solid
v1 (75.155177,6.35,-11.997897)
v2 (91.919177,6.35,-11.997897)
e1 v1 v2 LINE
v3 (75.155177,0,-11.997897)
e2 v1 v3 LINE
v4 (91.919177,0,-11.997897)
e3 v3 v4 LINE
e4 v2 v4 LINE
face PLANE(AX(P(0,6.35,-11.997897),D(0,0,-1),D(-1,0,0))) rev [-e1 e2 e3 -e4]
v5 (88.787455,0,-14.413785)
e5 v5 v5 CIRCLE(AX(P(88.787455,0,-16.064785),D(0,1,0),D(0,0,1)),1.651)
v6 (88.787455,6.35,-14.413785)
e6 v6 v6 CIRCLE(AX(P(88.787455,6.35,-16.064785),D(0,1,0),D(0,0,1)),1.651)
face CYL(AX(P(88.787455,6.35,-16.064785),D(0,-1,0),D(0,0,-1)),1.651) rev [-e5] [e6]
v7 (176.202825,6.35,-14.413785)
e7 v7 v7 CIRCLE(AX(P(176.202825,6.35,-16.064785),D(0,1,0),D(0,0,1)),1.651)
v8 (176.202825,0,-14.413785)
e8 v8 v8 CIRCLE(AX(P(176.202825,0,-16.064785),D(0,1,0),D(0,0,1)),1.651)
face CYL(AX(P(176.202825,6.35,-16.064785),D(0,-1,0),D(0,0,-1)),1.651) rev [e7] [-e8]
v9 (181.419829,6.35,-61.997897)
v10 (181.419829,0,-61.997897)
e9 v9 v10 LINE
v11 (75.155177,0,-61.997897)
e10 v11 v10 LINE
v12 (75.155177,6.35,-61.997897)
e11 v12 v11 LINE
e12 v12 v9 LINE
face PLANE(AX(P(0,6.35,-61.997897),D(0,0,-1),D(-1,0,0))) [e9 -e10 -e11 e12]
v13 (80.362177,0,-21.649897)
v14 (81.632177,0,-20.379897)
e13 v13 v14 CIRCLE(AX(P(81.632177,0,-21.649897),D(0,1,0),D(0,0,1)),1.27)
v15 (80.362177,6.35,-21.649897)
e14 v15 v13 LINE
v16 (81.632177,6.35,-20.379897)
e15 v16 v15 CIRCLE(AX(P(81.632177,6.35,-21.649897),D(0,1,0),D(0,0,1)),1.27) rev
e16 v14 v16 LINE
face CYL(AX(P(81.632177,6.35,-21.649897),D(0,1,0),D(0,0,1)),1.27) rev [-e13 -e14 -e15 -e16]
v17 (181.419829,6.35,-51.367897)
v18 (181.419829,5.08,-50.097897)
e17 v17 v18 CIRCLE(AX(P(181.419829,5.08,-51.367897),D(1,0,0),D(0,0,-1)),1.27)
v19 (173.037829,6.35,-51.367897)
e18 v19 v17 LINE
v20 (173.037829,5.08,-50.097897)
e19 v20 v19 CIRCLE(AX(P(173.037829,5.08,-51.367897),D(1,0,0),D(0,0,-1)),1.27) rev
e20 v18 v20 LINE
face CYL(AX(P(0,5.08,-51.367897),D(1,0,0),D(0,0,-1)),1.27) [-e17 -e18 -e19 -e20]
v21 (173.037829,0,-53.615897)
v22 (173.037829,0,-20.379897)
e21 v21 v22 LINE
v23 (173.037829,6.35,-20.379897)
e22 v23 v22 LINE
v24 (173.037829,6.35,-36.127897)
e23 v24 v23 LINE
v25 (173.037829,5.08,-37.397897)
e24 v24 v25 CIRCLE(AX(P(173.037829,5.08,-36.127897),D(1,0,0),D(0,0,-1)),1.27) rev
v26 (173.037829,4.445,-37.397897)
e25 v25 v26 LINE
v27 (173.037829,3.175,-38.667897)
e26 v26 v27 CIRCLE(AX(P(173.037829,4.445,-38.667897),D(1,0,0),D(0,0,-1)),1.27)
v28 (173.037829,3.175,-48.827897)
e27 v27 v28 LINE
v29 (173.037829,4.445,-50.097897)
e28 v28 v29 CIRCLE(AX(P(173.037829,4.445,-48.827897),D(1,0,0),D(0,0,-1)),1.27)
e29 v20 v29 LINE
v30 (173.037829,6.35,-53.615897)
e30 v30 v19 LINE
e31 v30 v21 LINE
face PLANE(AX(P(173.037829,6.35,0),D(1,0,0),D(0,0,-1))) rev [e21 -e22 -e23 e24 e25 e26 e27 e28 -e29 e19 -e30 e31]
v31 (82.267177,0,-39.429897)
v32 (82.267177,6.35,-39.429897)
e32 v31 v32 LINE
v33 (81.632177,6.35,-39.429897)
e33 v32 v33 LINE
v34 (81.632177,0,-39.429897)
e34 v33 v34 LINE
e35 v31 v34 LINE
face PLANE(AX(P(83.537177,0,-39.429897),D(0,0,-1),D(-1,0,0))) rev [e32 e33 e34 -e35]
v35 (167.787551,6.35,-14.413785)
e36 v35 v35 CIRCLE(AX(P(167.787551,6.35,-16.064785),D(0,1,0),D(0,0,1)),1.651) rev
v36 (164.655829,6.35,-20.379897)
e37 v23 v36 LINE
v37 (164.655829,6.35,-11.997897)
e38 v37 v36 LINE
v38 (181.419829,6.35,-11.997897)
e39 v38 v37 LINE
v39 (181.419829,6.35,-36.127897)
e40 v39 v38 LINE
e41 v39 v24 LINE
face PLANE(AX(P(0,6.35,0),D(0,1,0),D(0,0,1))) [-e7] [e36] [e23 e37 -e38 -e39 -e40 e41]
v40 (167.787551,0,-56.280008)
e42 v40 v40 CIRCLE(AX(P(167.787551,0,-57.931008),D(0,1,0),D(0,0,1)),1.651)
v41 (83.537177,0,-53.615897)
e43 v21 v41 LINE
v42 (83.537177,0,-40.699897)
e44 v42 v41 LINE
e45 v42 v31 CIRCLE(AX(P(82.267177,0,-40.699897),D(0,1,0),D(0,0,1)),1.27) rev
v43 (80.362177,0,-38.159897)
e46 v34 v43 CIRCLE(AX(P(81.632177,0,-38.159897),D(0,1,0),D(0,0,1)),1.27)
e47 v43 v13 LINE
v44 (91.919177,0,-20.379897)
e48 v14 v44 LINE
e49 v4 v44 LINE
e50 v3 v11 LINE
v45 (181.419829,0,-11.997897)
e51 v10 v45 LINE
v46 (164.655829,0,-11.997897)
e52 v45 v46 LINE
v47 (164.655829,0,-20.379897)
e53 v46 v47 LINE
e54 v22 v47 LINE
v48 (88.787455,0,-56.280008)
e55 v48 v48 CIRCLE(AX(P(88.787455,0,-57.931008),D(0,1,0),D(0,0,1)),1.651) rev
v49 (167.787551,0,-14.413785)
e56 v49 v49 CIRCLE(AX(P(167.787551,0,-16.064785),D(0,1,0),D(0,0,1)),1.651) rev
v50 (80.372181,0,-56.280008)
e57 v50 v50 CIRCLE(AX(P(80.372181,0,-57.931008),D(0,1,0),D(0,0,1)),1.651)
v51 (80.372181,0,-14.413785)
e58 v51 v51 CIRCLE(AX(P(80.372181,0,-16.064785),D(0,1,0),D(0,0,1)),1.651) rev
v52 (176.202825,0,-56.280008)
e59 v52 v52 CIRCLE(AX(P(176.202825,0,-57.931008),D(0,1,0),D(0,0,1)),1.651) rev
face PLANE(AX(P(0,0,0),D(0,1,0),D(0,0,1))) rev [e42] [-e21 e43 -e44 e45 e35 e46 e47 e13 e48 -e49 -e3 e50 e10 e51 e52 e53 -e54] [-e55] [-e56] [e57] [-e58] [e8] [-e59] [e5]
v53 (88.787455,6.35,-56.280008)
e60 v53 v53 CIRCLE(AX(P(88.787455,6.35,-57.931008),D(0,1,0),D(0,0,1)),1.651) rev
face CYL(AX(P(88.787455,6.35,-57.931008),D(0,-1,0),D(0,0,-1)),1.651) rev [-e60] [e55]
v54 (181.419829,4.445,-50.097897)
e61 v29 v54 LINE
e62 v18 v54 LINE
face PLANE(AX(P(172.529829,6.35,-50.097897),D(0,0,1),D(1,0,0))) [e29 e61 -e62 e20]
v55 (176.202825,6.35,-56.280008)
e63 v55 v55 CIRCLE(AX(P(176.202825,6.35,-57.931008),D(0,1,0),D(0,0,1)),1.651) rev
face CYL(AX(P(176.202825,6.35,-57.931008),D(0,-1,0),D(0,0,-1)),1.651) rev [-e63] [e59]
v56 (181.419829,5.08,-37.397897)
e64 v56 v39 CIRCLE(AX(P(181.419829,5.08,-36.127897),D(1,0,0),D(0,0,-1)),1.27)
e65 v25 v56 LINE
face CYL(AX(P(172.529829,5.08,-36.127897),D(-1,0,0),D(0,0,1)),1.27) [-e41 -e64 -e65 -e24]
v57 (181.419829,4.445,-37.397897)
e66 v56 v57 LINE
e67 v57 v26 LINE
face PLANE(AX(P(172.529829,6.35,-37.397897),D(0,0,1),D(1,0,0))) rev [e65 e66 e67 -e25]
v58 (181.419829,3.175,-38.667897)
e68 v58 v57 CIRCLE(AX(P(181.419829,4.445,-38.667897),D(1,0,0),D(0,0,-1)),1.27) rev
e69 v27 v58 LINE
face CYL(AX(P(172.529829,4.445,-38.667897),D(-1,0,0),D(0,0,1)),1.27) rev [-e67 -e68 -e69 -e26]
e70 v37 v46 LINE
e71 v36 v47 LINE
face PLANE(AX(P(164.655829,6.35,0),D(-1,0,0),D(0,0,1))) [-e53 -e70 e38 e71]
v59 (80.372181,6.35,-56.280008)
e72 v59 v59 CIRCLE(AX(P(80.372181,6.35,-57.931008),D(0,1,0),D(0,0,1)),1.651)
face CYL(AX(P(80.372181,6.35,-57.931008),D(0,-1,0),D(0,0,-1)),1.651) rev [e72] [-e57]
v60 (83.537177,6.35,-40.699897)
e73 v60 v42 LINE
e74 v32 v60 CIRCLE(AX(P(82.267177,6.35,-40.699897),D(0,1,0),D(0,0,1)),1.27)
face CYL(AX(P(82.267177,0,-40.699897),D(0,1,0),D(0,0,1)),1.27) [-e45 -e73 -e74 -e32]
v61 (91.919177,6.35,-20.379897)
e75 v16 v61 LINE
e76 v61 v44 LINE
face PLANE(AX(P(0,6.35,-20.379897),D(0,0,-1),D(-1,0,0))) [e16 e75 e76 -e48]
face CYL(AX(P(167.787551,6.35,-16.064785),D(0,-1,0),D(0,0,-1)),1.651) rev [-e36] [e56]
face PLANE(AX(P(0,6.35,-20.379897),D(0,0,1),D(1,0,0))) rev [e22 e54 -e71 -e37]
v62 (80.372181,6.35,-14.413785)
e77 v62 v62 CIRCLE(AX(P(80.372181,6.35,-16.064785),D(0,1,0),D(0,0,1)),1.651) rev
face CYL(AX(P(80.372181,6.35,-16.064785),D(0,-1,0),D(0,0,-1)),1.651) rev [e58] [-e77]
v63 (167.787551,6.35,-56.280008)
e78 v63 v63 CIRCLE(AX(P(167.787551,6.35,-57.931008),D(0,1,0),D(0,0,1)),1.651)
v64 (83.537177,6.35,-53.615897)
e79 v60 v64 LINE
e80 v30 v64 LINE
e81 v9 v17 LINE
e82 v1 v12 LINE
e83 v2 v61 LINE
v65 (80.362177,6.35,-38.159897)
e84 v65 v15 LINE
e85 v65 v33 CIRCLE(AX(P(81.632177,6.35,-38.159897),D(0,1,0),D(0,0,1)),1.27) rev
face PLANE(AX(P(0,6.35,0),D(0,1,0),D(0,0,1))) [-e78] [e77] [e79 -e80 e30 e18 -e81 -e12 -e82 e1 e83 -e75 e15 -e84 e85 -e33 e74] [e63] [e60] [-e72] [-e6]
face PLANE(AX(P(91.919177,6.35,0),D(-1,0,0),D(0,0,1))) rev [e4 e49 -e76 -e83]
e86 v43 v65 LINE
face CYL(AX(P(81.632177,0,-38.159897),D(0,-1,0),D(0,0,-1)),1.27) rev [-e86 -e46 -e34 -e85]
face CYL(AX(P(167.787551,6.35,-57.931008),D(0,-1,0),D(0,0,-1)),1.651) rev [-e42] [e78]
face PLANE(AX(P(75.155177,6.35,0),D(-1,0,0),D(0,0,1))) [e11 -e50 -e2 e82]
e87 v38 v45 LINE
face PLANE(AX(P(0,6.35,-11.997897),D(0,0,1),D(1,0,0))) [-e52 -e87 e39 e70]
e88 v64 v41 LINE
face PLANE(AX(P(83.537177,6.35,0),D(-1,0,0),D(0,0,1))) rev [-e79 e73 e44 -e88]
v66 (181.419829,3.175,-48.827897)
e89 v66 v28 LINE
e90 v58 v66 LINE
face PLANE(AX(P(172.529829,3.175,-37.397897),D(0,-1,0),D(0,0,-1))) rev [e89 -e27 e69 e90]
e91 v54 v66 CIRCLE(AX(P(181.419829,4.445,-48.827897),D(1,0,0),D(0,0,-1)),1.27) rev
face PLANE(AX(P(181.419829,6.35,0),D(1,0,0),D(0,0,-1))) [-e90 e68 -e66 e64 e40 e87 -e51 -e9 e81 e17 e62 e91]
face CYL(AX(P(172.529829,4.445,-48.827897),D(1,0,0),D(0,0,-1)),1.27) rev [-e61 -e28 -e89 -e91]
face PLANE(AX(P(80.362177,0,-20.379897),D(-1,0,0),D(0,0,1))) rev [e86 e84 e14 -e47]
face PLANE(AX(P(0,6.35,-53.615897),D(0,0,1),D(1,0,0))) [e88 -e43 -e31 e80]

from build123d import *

# Parameters (mm, degrees)
SKETCH1_R           = 1.651
BOSS_EXTRUDE1_DEPTH = 6.35
SKETCH2_W           = 12.7
SKETCH2_H           = 3.175
CUT_EXTRUDE7_DEPTH  = 8.89
FILLET2_R           = 1.27
SKETCH4_W           = 3.175
SKETCH4_H           = 19.05
CUT_EXTRUDE8_DEPTH  = 192.82600491
FILLET3_R           = 1.27


with BuildPart() as part:
    # Sketch1 → Boss-Extrude1 (new body)
    with BuildSketch(Plane(origin=(0, 0, 0), x_dir=(1, 0, 0), z_dir=(0, 1, 0))):
        Polygon((75.155177047, 61.997896552), (75.155177047, 11.997896552), (91.919177047, 11.997896552), (91.919177047, 20.379896552), (83.537177047, 20.379896552), (83.537177047, 53.615896552), (173.037829354, 53.615896552), (173.037829354, 20.379896552), (164.655829354, 20.379896552), (164.655829354, 11.997896552), (181.419829354, 11.997896552), (181.419829354, 61.997896552), align=None)
        with Locations((80.3721812, 16.064784874)):
            Circle(SKETCH1_R, mode=Mode.SUBTRACT)
        with Locations((80.3721812, 57.93100823)):
            Circle(SKETCH1_R, mode=Mode.SUBTRACT)
        with Locations((167.7875512, 57.93100823)):
            Circle(SKETCH1_R, mode=Mode.SUBTRACT)
        with Locations((88.7874552, 57.93100823)):
            Circle(SKETCH1_R, mode=Mode.SUBTRACT)
        with Locations((88.7874552, 16.064784874)):
            Circle(SKETCH1_R, mode=Mode.SUBTRACT)
        with Locations((176.2028252, 57.93100823)):
            Circle(SKETCH1_R, mode=Mode.SUBTRACT)
        with Locations((176.2028252, 16.064784874)):
            Circle(SKETCH1_R, mode=Mode.SUBTRACT)
        with Locations((167.7875512, 16.064784874)):
            Circle(SKETCH1_R, mode=Mode.SUBTRACT)
    extrude(amount=BOSS_EXTRUDE1_DEPTH)

    # Sketch2 → Cut-Extrude7 (cut)
    with BuildSketch(Plane(origin=(181.419829354, 0, 0), x_dir=(0, 0, -1), z_dir=(1, 0, 0))):
        with Locations((43.747896552, 4.7625)):
            Rectangle(SKETCH2_W, SKETCH2_H)
    extrude(amount=-CUT_EXTRUDE7_DEPTH, mode=Mode.SUBTRACT)

    # Fillet2
    fillet2_edges = [part.edges().sort_by_distance(p)[0] for p in [
        (177.228829354, 3.175, -37.397896552),
        (177.228829354, 6.35, -37.397896552),
        (177.228829354, 6.35, -50.097896552),
        (177.228829354, 3.175, -50.097896552),
    ]]
    fillet(fillet2_edges, radius=FILLET2_R)

    # Sketch4 → Cut-Extrude8 (cut, through all)
    with BuildSketch(Plane(origin=(0, 6.35, 0), x_dir=(1, 0, 0), z_dir=(0, 1, 0))):
        with Locations((81.949677047, 29.904896552)):
            Rectangle(SKETCH4_W, SKETCH4_H)
    extrude(amount=-CUT_EXTRUDE8_DEPTH, mode=Mode.SUBTRACT)

    # Fillet3
    fillet3_edges = [part.edges().sort_by_distance(p)[0] for p in [
        (80.362177047, 3.175, -20.379896552),
        (80.362177047, 3.175, -39.429896552),
        (83.537177047, 3.175, -39.429896552),
    ]]
    fillet(fillet3_edges, radius=FILLET3_R)


solid = part.part
